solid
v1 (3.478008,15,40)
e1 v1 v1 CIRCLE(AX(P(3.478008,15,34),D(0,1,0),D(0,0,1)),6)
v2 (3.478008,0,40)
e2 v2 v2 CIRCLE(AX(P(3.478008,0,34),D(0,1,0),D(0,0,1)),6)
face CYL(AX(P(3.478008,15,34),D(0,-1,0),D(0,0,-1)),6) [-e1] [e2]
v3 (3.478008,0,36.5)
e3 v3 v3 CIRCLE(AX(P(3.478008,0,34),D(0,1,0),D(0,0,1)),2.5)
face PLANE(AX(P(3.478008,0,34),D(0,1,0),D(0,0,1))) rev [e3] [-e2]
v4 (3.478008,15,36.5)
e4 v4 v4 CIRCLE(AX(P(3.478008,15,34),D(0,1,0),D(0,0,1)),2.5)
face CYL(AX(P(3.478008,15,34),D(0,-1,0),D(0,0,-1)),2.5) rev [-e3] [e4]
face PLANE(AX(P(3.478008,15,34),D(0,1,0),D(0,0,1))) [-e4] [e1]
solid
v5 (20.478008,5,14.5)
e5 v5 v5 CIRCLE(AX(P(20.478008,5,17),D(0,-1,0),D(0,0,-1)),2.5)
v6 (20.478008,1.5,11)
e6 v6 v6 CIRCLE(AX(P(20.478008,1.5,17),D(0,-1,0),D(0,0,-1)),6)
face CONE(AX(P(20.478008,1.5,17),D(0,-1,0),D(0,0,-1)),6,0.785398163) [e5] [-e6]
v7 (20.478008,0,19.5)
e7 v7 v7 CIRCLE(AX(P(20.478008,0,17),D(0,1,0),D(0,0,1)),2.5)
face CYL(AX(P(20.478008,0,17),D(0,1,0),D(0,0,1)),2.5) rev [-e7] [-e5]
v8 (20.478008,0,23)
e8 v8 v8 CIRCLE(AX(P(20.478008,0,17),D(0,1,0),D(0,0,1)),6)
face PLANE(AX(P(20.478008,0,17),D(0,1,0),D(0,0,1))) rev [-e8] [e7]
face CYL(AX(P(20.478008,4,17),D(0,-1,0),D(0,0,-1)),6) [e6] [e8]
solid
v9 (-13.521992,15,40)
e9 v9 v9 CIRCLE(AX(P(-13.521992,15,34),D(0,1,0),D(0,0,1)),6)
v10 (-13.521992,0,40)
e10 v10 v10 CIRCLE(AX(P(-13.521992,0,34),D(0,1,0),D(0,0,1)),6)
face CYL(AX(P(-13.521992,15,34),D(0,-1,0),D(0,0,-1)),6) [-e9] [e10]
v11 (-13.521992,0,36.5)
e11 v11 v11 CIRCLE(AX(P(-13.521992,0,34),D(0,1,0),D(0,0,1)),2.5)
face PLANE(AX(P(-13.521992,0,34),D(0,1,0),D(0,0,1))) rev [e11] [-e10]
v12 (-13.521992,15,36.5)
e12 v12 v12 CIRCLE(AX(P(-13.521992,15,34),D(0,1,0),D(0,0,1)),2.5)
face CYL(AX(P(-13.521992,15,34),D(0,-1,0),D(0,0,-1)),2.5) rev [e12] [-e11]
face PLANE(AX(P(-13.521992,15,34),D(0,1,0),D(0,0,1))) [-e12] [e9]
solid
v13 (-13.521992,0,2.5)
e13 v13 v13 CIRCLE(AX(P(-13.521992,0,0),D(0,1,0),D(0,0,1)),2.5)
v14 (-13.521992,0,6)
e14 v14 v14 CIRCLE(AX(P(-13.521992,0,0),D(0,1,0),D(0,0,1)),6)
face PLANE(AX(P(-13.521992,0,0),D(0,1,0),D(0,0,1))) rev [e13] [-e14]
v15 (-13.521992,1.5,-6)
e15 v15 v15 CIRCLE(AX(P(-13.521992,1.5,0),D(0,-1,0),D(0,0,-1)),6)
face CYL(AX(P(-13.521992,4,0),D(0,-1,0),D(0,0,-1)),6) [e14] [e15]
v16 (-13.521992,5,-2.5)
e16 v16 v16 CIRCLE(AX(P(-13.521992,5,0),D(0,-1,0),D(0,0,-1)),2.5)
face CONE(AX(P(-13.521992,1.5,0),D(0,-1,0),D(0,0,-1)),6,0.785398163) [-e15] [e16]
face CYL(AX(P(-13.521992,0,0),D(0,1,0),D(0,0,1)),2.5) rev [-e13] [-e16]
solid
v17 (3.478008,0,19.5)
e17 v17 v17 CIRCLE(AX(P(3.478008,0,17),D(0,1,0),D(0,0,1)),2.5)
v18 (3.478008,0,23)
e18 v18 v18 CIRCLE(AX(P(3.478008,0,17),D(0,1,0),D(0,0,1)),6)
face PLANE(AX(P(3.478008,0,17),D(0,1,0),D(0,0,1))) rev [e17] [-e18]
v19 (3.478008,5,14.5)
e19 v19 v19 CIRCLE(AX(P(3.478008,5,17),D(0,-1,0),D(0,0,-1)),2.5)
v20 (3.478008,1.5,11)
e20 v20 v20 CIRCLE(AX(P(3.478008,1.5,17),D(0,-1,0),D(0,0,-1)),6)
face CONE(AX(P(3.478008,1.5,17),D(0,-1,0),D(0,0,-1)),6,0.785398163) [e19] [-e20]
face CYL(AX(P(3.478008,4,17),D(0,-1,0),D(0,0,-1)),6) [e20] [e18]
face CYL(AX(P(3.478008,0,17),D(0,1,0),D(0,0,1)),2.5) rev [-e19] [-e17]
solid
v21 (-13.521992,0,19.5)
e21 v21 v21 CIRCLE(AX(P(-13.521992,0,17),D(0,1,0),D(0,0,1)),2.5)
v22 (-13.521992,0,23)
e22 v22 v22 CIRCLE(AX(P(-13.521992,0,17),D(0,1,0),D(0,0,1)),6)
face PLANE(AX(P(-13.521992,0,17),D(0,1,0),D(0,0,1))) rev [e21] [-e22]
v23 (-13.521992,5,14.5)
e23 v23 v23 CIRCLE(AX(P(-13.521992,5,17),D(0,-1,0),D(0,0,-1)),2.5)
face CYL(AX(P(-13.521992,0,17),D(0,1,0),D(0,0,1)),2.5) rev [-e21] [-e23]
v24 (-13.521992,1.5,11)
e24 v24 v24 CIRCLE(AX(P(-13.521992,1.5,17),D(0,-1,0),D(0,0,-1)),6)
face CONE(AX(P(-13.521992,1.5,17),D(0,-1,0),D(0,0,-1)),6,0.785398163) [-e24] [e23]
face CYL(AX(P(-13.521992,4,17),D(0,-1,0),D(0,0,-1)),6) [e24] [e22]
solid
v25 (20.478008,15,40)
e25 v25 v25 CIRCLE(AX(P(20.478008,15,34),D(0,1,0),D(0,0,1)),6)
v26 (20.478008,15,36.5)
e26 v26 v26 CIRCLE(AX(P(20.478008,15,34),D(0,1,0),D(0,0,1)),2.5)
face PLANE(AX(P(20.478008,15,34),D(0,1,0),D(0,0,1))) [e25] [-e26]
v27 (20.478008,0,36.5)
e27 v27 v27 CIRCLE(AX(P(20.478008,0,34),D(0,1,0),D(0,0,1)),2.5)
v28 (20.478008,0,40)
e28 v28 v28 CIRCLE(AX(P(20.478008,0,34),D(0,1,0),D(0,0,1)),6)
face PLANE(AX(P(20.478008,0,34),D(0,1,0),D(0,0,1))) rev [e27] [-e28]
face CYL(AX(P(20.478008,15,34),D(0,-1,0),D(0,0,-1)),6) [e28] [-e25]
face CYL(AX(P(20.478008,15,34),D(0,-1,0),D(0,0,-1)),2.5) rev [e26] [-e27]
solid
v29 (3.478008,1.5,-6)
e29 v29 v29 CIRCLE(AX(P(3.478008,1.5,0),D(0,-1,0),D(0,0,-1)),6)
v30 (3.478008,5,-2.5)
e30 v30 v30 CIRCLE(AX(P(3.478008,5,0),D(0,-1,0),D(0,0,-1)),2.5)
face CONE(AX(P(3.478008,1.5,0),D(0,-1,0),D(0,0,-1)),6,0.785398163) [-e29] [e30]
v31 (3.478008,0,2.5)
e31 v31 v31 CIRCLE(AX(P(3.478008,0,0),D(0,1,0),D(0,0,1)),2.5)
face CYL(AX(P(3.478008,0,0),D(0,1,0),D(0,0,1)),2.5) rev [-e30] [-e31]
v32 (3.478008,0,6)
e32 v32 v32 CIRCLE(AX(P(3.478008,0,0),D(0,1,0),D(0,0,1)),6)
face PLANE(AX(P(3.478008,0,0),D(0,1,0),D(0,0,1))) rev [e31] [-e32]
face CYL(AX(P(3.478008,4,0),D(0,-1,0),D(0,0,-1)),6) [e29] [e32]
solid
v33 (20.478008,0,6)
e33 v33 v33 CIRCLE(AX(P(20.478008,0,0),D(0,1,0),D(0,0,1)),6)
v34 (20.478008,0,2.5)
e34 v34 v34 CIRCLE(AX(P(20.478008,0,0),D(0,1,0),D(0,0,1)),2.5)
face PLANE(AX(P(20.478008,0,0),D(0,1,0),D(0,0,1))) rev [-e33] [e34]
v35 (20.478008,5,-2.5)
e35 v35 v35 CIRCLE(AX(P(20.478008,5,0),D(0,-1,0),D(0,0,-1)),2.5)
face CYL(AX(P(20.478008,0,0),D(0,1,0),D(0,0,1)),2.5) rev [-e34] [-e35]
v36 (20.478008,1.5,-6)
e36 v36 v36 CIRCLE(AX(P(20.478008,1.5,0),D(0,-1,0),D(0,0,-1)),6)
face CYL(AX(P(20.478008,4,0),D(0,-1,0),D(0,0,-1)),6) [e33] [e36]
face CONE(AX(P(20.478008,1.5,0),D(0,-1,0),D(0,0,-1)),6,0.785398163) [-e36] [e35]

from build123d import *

# Parameters (mm, degrees)
CROQUIS5_R              = 6
SALIENTE_EXTRUIR3_DEPTH = 4
CROQUIS6_R              = 2.5
CORTAR_EXTRUIR3_DEPTH   = 4
SALIENTE_EXTRUIR4_START = 1
CROQUIS7_R              = 3.5
CROQUIS7_R_2            = 2.5
SALIENTE_EXTRUIR4_DEPTH = 1
MATRIZL1_COUNT          = 3
MATRIZL1_PITCH          = 17
MATRIZL1_2_COUNT        = 2
MATRIZL1_2_PITCH        = 17
CROQUIS11_R             = 6
CROQUIS11_R_2           = 2.5
SALIENTE_EXTRUIR5_DEPTH = 15
MATRIZL2_COUNT          = 3
MATRIZL2_PITCH          = 17


with BuildPart() as part:
    # Croquis5 → Saliente-Extruir3 (new body)
    with BuildSketch(Plane(origin=(0, 0, 0), x_dir=(1, 0, 0), z_dir=(0, 1, 0))):
        with Locations(Location((-13.521991575, 0, 0), (0, 0, 270))):
            Circle(CROQUIS5_R)
    extrude(amount=SALIENTE_EXTRUIR3_DEPTH)

    # Croquis6 → Cortar-Extruir3 (cut)
    with BuildSketch(Plane(origin=(0, 4, 0), x_dir=(1, 0, 0), z_dir=(0, 1, 0))):
        with Locations(Location((-13.521991575, 0, 0), (0, 0, 270))):
            Circle(CROQUIS6_R)
    extrude(amount=-CORTAR_EXTRUIR3_DEPTH, mode=Mode.SUBTRACT)

    # Croquis7 → Saliente-Extruir4 (add)
    with BuildSketch(Plane(origin=(0, 4, 0), x_dir=(1, 0, 0), z_dir=(0, 1, 0)).offset(SALIENTE_EXTRUIR4_START)):
        with Locations(Location((-13.521991575, 0, 0), (0, 0, 270))):
            Circle(CROQUIS7_R)
        with Locations(Location((-13.521991575, 0, 0), (0, 0, 270))):
            Circle(CROQUIS7_R_2, mode=Mode.SUBTRACT)
    extrude(amount=-SALIENTE_EXTRUIR4_DEPTH)

    # Croquis9 → Cortar-Revolución4 (revolve, cut)
    with BuildSketch(Plane.XY, mode=Mode.PRIVATE) as cortar_revoluci_n4_sk:
        Polygon((-19.521991575, 1.5), (-16.021991575, 5), (-19.521991575, 5), align=None)
    revolve(cortar_revoluci_n4_sk.sketch.rotate(Axis((-13.521991575, 0, 0), (0, 1, 0)), 270), axis=Axis((-13.521991575, 0, 0), (0, 1, 0)), mode=Mode.SUBTRACT)


with BuildPart() as matrizl1_1:
    # MatrizL1: pattern copy
    add(part.part.moved(Location(Vector(1, 0, 0) * (1 * MATRIZL1_PITCH))))


with BuildPart() as matrizl1_2:
    # MatrizL1: pattern copy
    add(part.part.moved(Location(Vector(1, 0, 0) * (2 * MATRIZL1_PITCH))))


with BuildPart() as matrizl1_2_1:
    # MatrizL1 2: pattern copy
    add(part.part.moved(Location(Vector(0, 0, 1) * (1 * MATRIZL1_2_PITCH))))


with BuildPart() as matrizl1_2_2:
    # MatrizL1 2: pattern copy
    add(matrizl1_1.part.moved(Location(Vector(0, 0, 1) * (1 * MATRIZL1_2_PITCH))))


with BuildPart() as matrizl1_2_3:
    # MatrizL1 2: pattern copy
    add(matrizl1_2.part.moved(Location(Vector(0, 0, 1) * (1 * MATRIZL1_2_PITCH))))


with BuildPart() as body_7:
    # Croquis11 → Saliente-Extruir5 (new body)
    with BuildSketch(Plane(origin=(0, 0, 0), x_dir=(1, 0, 0), z_dir=(0, 1, 0))):
        with Locations(Location((-13.521991575, -34, 0), (0, 0, 270))):
            Circle(CROQUIS11_R)
        with Locations(Location((-13.521991575, -34, 0), (0, 0, 270))):
            Circle(CROQUIS11_R_2, mode=Mode.SUBTRACT)
    saliente_extruir5 = extrude(amount=SALIENTE_EXTRUIR5_DEPTH)


with BuildPart() as matrizl2_1:
    # MatrizL2: Saliente-Extruir5 ×3
    with Locations(*[(i * MATRIZL2_PITCH, 0, 0) for i in range(1, MATRIZL2_COUNT)]):
        add(saliente_extruir5)


solid = Compound([part.part, matrizl1_1.part, matrizl1_2.part, matrizl1_2_1.part, matrizl1_2_2.part, matrizl1_2_3.part, body_7.part, matrizl2_1.part])
